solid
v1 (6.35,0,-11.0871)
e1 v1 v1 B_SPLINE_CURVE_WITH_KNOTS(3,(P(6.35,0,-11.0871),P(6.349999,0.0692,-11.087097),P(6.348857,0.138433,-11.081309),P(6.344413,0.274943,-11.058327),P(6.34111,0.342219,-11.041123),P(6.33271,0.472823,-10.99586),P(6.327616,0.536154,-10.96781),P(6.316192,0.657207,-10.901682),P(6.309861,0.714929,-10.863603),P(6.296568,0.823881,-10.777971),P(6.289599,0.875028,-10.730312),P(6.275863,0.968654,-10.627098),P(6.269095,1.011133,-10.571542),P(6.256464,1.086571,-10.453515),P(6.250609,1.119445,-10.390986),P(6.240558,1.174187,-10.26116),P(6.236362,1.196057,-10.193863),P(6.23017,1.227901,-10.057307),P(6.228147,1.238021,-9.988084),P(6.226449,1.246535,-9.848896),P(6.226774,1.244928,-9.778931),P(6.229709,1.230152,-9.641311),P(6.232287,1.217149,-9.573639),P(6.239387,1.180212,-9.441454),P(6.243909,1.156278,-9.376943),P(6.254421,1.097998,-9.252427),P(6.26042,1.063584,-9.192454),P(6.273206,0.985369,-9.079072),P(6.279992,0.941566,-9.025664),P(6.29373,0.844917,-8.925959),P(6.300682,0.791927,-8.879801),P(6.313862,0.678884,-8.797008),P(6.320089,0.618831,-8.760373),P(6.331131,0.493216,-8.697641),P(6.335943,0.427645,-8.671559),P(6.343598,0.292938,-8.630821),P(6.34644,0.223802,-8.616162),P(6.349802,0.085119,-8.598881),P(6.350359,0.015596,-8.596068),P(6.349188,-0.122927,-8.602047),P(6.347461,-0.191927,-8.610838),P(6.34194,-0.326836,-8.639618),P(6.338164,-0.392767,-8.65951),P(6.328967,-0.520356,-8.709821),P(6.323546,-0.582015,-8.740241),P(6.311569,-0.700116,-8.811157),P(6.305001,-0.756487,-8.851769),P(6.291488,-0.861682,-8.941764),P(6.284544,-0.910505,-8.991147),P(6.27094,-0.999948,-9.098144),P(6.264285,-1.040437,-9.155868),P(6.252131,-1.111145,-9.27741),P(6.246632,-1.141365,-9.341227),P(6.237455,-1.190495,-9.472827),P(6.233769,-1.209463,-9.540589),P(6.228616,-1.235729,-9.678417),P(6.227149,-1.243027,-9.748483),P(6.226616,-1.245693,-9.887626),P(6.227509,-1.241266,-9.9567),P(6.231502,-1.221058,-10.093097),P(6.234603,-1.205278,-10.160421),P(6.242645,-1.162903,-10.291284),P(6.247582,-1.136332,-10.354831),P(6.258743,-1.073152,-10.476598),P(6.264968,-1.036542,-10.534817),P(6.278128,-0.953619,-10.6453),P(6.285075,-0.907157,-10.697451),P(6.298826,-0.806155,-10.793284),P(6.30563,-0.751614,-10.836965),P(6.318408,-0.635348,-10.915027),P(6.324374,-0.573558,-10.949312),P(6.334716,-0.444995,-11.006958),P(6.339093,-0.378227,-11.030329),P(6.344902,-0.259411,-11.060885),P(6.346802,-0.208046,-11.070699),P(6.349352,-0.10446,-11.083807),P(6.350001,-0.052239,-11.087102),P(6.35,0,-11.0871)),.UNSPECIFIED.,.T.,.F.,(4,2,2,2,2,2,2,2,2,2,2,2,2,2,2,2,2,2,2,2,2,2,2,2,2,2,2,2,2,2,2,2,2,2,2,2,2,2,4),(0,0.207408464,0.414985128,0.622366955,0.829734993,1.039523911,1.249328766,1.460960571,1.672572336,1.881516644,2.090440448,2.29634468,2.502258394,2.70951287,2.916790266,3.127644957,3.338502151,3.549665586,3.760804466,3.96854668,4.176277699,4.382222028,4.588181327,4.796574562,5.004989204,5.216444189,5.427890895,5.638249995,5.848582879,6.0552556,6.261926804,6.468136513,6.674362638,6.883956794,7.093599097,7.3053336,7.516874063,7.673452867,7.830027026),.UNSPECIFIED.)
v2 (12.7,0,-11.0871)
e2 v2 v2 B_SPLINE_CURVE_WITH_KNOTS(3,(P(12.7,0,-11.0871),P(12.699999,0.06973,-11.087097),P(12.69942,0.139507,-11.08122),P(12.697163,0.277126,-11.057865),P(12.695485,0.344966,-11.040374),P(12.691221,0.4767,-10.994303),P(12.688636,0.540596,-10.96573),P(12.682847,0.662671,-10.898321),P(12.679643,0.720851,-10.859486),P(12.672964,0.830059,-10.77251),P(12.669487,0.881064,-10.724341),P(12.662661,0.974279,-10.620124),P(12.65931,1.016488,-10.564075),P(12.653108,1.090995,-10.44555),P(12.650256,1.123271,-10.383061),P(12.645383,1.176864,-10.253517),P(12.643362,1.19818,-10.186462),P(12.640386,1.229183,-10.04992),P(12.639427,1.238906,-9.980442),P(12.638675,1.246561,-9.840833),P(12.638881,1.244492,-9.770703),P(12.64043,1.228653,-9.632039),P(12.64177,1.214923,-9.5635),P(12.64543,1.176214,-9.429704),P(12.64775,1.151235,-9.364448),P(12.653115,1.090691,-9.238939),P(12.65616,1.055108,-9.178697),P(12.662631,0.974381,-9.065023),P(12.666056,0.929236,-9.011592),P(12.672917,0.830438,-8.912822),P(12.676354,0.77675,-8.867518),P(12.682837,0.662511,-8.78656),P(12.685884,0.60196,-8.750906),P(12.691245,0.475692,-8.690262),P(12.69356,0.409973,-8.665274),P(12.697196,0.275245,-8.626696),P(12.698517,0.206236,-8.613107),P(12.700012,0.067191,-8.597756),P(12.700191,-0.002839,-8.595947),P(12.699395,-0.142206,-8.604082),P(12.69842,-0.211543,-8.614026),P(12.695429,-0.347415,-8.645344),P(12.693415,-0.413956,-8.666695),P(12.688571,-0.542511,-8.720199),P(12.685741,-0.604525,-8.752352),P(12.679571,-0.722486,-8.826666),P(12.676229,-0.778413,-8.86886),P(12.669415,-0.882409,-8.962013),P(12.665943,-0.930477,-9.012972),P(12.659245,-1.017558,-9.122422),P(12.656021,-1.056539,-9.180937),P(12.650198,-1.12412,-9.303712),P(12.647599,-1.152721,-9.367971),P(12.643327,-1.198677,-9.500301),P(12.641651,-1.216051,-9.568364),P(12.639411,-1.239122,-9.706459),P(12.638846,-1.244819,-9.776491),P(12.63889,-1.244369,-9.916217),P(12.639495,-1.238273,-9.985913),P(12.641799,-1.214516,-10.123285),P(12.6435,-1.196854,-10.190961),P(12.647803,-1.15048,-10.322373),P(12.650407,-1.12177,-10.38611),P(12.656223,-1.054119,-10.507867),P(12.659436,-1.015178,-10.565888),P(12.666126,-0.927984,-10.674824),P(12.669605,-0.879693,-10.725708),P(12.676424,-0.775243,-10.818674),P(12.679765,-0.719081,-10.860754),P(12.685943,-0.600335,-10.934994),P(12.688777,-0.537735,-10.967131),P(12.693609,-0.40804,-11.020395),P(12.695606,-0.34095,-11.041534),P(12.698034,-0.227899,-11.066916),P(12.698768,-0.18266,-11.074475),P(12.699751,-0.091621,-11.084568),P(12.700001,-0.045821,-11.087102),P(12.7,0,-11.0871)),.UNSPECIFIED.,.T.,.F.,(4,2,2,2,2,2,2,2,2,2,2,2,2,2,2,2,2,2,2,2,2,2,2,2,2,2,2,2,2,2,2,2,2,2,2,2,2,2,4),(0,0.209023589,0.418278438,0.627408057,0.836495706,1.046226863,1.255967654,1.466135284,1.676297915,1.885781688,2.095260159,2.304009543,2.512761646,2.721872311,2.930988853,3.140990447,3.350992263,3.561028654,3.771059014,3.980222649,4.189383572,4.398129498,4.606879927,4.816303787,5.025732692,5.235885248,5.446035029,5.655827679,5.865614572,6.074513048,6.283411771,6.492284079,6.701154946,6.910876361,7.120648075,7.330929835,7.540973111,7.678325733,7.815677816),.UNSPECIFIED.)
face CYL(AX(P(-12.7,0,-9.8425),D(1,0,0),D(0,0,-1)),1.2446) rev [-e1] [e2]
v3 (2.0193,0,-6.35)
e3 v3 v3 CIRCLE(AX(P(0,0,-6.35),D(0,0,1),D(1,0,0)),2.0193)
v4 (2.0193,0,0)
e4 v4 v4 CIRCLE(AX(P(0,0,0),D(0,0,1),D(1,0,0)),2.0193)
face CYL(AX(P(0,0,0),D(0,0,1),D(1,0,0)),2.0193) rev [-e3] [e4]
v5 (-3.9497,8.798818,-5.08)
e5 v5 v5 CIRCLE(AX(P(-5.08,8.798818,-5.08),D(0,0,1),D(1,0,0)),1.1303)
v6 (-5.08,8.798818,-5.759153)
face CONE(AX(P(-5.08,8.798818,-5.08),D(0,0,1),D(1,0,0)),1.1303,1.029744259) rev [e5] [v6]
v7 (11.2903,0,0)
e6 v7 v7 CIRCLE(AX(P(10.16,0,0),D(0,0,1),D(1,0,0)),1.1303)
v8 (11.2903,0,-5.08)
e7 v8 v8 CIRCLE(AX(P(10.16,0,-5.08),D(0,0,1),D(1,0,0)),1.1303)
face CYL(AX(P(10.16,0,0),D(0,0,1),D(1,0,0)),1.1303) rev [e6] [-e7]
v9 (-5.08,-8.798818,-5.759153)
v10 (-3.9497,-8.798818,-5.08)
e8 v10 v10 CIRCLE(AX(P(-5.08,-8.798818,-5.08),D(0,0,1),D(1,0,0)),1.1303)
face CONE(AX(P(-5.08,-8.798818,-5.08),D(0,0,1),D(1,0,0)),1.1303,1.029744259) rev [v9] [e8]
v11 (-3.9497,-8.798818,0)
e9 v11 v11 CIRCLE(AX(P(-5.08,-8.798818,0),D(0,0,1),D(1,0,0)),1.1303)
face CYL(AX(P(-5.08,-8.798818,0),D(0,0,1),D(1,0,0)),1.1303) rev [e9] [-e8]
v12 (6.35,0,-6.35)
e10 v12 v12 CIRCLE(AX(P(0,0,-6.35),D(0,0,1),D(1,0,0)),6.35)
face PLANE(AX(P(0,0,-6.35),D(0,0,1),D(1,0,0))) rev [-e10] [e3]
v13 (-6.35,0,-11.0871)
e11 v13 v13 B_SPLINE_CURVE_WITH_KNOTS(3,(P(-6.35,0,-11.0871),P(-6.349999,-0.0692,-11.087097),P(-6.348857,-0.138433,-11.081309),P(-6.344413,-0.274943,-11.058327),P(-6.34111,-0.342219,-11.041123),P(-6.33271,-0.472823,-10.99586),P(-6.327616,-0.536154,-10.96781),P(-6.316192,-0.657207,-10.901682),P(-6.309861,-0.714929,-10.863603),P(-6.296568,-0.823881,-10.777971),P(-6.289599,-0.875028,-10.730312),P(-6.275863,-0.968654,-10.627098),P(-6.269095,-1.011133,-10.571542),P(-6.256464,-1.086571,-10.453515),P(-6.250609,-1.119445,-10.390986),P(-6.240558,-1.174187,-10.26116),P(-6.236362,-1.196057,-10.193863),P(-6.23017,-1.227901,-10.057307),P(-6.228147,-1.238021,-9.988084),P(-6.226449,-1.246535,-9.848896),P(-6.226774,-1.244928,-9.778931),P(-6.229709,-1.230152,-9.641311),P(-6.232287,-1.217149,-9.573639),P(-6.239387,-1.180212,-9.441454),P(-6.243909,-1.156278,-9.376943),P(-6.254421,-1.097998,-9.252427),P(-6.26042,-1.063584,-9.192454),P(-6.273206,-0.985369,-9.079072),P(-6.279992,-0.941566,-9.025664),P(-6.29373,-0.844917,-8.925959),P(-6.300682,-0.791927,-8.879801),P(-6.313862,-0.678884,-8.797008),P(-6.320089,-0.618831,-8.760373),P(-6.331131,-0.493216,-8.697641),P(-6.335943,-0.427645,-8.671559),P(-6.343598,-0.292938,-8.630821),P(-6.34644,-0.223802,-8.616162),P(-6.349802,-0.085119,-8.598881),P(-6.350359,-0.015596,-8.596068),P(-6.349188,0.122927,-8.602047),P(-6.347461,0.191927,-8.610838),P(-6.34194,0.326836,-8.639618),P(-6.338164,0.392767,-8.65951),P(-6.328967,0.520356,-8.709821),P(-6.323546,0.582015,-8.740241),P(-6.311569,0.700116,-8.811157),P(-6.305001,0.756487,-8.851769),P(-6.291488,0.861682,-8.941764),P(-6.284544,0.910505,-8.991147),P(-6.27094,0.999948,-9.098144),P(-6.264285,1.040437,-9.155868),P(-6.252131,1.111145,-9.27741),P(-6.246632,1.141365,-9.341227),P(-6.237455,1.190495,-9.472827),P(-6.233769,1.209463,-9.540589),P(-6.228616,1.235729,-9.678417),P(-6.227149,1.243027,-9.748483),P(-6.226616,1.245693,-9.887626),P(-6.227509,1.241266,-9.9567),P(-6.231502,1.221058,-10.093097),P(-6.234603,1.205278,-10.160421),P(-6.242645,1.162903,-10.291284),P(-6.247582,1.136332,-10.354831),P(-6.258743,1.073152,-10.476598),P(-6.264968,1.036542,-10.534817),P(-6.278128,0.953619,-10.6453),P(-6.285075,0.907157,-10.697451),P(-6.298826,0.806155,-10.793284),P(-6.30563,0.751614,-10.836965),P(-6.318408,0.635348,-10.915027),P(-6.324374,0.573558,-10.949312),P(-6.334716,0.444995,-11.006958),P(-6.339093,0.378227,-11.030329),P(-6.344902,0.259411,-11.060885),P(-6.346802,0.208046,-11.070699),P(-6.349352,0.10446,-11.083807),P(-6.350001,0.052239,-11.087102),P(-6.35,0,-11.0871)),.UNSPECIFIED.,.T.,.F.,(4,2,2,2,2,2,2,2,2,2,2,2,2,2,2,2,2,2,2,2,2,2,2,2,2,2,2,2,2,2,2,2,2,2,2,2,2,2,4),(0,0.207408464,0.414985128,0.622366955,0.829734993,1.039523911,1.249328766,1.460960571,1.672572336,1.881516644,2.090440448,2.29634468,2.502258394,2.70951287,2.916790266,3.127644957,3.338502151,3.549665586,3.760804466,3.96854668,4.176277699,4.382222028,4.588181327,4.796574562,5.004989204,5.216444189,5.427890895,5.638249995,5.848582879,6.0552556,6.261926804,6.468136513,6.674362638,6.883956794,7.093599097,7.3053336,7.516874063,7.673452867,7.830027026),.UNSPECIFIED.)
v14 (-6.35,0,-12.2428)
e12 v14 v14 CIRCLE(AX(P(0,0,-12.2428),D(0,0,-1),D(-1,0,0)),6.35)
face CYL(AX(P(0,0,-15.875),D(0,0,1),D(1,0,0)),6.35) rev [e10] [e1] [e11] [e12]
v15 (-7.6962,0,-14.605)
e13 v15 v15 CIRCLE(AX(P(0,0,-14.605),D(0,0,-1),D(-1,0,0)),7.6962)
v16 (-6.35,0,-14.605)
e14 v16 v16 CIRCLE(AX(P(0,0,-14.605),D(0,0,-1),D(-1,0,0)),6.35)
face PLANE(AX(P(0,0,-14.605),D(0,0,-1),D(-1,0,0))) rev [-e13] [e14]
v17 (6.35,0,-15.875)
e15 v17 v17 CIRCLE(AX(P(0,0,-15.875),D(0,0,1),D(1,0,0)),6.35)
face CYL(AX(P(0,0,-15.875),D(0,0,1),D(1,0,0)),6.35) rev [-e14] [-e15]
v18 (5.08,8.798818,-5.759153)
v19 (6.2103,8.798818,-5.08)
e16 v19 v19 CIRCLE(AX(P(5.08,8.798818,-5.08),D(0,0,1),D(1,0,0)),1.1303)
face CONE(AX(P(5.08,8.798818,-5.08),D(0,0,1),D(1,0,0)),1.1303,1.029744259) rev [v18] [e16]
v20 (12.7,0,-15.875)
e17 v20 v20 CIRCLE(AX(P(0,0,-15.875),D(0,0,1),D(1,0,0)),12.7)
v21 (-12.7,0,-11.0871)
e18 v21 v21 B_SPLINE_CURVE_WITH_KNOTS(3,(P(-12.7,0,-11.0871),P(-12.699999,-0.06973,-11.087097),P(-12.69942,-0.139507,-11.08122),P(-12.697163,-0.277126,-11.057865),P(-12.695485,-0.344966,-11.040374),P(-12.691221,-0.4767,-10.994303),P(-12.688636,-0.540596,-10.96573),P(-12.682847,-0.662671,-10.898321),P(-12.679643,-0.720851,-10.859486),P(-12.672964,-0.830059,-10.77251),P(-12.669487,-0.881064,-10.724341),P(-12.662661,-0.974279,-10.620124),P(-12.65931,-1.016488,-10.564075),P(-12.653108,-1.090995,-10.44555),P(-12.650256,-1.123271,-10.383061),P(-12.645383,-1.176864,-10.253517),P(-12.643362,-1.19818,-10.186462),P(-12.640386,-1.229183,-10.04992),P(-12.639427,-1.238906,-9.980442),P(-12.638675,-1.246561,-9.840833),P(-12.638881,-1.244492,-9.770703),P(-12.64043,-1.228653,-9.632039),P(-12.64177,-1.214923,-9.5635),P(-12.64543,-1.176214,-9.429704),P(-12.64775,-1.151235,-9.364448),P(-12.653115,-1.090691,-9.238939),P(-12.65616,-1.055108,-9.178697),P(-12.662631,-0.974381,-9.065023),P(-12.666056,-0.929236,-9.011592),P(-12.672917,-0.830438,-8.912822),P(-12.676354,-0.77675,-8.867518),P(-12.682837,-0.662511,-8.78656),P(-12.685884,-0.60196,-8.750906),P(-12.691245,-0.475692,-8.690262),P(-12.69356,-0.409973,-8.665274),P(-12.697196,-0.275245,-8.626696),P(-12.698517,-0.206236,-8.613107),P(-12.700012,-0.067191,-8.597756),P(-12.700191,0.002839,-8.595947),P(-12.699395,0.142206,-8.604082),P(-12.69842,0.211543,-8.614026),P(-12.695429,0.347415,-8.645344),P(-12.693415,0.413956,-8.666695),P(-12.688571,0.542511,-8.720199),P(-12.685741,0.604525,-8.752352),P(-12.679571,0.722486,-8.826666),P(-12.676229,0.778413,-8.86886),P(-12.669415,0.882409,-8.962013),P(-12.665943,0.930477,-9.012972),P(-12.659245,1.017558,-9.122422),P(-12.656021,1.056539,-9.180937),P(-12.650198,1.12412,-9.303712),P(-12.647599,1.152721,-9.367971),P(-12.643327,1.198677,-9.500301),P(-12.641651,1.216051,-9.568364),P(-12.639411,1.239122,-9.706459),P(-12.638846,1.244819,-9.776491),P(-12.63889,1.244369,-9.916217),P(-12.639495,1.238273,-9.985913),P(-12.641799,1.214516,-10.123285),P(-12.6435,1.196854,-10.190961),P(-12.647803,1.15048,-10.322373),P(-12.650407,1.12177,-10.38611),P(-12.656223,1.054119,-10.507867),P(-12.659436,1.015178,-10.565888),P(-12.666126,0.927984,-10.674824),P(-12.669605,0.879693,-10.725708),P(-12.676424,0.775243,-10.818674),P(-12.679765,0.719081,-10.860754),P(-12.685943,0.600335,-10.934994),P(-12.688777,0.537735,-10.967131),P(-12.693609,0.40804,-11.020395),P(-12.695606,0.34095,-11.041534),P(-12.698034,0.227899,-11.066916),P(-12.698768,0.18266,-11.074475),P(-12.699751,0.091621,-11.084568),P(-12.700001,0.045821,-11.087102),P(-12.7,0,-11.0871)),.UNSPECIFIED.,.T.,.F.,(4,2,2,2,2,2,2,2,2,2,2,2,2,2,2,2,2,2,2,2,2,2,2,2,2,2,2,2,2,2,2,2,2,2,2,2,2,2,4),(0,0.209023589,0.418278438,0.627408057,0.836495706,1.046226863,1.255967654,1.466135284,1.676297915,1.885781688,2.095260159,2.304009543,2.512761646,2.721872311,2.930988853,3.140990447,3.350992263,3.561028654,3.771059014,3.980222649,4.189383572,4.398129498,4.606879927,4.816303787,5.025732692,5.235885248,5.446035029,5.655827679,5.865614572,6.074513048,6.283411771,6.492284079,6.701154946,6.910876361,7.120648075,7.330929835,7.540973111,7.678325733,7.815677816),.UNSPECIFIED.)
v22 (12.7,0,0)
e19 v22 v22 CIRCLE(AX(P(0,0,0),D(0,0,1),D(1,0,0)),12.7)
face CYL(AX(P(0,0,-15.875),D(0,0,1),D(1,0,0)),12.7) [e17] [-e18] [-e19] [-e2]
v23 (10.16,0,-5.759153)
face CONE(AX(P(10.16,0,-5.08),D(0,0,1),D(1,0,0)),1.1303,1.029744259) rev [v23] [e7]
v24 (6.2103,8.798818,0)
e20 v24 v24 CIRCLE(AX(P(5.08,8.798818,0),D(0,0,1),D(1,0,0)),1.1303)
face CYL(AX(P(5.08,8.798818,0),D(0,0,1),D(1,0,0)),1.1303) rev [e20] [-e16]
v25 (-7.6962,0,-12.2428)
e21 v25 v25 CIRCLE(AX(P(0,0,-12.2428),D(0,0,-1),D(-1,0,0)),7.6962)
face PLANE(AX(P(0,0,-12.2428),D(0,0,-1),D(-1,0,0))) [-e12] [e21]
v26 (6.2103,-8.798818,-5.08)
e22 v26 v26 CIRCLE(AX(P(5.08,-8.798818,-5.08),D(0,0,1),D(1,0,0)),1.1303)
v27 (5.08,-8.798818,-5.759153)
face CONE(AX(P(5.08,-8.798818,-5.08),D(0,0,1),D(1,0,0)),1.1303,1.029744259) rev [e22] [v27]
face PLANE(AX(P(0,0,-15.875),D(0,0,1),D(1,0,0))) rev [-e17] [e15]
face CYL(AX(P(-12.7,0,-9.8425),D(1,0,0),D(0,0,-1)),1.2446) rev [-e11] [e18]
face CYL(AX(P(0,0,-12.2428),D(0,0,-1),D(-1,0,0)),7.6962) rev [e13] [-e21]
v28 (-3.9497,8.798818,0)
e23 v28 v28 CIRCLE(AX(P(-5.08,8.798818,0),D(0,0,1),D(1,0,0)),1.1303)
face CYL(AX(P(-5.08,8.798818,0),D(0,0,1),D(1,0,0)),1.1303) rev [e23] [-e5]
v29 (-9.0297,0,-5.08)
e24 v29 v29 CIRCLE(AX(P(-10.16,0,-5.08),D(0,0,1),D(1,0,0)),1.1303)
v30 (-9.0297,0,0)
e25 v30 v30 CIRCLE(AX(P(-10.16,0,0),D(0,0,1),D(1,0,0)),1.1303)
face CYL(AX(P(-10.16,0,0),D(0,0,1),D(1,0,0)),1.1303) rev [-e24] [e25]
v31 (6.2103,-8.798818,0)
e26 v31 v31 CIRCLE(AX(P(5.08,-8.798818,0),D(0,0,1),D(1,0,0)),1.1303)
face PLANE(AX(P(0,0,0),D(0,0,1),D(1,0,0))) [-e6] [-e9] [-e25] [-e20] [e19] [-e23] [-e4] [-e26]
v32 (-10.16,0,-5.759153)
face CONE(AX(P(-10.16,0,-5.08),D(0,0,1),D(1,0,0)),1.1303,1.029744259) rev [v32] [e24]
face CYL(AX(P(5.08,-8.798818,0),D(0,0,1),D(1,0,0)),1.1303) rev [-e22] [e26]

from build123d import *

# Parameters (mm, degrees)
SKETCH1_R                  = 12.7
BOSS_EXTRUDE1_DEPTH        = 15.875
SHELL1_T                   = -6.35
SKETCH4_R                  = 1.2446
CUT_EXTRUDE1_DEPTH         = 24.970724332
CUT_EXTRUDE1_DEPTH_BACK    = 24.970724332
SKETCH7_R                  = 7.6962
SKETCH7_R_2                = 6.35
CUT_EXTRUDE2_DEPTH         = 2.3622
TAP_DRILL_FOR_10_32_TAP1_D = 4.0386
CIRPATTERN1_COUNT          = 6


with BuildPart() as part:
    # Sketch1 → Boss-Extrude1 (new body)
    with BuildSketch(Plane.XY):
        Circle(SKETCH1_R)
    extrude(amount=-BOSS_EXTRUDE1_DEPTH)

    # Shell1
    shell1_openings = [part.faces().sort_by_distance(p)[0] for p in [
        (0, 0, -15.875),
    ]]
    offset(amount=SHELL1_T, openings=shell1_openings, kind=Kind.INTERSECTION)

    # Sketch4 → Cut-Extrude1 (cut, two sides)
    with BuildSketch(Plane(origin=(0, 0, 0), x_dir=(0, 0, -1), z_dir=(1, 0, 0))) as cut_extrude1_sk:
        with Locations((9.8425, 0)):
            Circle(SKETCH4_R)
    extrude(amount=CUT_EXTRUDE1_DEPTH, mode=Mode.SUBTRACT)
    extrude(cut_extrude1_sk.sketch, amount=-CUT_EXTRUDE1_DEPTH_BACK, mode=Mode.SUBTRACT)

    # Sketch7 → Cut-Extrude2 (cut)
    with BuildSketch(Plane(origin=(0, 0, -14.605), x_dir=(-1, 0, 0), z_dir=(0, 0, -1))):
        Circle(SKETCH7_R)
        with Locations(Location((0, 0, 0), (0, 0, 180))):
            Circle(SKETCH7_R_2, mode=Mode.SUBTRACT)
    extrude(amount=-CUT_EXTRUDE2_DEPTH, mode=Mode.SUBTRACT)

    # Tap Drill for #10-32 Tap1 (through all)
    with Locations(Plane.XY):
        with Locations((0, 0)):
            Hole(TAP_DRILL_FOR_10_32_TAP1_D / 2)

    # Sketch15 → Tap Drill for #4-40 Tap1 (revolve, cut)
    with BuildSketch(Plane(origin=(-10.16, 0, 0), x_dir=(0, -1, 0), z_dir=(1, 0, 0))):
        Polygon((0, 0), (0, 5.759152758), (1.1303, 5.08), (1.1303, 0), align=None)
    tap_drill_for_4_40_tap1 = revolve(axis=Axis((-10.16, 0, 6.35), (0, 0, -1)), mode=Mode.SUBTRACT)

    # CirPattern1: Tap Drill for #4-40 Tap1 ×6 about axis
    cirpattern1_axis = Axis((0, 0, 0), (0, 0, 1))
    for i in range(1, CIRPATTERN1_COUNT):
        add(tap_drill_for_4_40_tap1.rotate(cirpattern1_axis, i * 360 / CIRPATTERN1_COUNT), mode=Mode.SUBTRACT)


solid = part.part
